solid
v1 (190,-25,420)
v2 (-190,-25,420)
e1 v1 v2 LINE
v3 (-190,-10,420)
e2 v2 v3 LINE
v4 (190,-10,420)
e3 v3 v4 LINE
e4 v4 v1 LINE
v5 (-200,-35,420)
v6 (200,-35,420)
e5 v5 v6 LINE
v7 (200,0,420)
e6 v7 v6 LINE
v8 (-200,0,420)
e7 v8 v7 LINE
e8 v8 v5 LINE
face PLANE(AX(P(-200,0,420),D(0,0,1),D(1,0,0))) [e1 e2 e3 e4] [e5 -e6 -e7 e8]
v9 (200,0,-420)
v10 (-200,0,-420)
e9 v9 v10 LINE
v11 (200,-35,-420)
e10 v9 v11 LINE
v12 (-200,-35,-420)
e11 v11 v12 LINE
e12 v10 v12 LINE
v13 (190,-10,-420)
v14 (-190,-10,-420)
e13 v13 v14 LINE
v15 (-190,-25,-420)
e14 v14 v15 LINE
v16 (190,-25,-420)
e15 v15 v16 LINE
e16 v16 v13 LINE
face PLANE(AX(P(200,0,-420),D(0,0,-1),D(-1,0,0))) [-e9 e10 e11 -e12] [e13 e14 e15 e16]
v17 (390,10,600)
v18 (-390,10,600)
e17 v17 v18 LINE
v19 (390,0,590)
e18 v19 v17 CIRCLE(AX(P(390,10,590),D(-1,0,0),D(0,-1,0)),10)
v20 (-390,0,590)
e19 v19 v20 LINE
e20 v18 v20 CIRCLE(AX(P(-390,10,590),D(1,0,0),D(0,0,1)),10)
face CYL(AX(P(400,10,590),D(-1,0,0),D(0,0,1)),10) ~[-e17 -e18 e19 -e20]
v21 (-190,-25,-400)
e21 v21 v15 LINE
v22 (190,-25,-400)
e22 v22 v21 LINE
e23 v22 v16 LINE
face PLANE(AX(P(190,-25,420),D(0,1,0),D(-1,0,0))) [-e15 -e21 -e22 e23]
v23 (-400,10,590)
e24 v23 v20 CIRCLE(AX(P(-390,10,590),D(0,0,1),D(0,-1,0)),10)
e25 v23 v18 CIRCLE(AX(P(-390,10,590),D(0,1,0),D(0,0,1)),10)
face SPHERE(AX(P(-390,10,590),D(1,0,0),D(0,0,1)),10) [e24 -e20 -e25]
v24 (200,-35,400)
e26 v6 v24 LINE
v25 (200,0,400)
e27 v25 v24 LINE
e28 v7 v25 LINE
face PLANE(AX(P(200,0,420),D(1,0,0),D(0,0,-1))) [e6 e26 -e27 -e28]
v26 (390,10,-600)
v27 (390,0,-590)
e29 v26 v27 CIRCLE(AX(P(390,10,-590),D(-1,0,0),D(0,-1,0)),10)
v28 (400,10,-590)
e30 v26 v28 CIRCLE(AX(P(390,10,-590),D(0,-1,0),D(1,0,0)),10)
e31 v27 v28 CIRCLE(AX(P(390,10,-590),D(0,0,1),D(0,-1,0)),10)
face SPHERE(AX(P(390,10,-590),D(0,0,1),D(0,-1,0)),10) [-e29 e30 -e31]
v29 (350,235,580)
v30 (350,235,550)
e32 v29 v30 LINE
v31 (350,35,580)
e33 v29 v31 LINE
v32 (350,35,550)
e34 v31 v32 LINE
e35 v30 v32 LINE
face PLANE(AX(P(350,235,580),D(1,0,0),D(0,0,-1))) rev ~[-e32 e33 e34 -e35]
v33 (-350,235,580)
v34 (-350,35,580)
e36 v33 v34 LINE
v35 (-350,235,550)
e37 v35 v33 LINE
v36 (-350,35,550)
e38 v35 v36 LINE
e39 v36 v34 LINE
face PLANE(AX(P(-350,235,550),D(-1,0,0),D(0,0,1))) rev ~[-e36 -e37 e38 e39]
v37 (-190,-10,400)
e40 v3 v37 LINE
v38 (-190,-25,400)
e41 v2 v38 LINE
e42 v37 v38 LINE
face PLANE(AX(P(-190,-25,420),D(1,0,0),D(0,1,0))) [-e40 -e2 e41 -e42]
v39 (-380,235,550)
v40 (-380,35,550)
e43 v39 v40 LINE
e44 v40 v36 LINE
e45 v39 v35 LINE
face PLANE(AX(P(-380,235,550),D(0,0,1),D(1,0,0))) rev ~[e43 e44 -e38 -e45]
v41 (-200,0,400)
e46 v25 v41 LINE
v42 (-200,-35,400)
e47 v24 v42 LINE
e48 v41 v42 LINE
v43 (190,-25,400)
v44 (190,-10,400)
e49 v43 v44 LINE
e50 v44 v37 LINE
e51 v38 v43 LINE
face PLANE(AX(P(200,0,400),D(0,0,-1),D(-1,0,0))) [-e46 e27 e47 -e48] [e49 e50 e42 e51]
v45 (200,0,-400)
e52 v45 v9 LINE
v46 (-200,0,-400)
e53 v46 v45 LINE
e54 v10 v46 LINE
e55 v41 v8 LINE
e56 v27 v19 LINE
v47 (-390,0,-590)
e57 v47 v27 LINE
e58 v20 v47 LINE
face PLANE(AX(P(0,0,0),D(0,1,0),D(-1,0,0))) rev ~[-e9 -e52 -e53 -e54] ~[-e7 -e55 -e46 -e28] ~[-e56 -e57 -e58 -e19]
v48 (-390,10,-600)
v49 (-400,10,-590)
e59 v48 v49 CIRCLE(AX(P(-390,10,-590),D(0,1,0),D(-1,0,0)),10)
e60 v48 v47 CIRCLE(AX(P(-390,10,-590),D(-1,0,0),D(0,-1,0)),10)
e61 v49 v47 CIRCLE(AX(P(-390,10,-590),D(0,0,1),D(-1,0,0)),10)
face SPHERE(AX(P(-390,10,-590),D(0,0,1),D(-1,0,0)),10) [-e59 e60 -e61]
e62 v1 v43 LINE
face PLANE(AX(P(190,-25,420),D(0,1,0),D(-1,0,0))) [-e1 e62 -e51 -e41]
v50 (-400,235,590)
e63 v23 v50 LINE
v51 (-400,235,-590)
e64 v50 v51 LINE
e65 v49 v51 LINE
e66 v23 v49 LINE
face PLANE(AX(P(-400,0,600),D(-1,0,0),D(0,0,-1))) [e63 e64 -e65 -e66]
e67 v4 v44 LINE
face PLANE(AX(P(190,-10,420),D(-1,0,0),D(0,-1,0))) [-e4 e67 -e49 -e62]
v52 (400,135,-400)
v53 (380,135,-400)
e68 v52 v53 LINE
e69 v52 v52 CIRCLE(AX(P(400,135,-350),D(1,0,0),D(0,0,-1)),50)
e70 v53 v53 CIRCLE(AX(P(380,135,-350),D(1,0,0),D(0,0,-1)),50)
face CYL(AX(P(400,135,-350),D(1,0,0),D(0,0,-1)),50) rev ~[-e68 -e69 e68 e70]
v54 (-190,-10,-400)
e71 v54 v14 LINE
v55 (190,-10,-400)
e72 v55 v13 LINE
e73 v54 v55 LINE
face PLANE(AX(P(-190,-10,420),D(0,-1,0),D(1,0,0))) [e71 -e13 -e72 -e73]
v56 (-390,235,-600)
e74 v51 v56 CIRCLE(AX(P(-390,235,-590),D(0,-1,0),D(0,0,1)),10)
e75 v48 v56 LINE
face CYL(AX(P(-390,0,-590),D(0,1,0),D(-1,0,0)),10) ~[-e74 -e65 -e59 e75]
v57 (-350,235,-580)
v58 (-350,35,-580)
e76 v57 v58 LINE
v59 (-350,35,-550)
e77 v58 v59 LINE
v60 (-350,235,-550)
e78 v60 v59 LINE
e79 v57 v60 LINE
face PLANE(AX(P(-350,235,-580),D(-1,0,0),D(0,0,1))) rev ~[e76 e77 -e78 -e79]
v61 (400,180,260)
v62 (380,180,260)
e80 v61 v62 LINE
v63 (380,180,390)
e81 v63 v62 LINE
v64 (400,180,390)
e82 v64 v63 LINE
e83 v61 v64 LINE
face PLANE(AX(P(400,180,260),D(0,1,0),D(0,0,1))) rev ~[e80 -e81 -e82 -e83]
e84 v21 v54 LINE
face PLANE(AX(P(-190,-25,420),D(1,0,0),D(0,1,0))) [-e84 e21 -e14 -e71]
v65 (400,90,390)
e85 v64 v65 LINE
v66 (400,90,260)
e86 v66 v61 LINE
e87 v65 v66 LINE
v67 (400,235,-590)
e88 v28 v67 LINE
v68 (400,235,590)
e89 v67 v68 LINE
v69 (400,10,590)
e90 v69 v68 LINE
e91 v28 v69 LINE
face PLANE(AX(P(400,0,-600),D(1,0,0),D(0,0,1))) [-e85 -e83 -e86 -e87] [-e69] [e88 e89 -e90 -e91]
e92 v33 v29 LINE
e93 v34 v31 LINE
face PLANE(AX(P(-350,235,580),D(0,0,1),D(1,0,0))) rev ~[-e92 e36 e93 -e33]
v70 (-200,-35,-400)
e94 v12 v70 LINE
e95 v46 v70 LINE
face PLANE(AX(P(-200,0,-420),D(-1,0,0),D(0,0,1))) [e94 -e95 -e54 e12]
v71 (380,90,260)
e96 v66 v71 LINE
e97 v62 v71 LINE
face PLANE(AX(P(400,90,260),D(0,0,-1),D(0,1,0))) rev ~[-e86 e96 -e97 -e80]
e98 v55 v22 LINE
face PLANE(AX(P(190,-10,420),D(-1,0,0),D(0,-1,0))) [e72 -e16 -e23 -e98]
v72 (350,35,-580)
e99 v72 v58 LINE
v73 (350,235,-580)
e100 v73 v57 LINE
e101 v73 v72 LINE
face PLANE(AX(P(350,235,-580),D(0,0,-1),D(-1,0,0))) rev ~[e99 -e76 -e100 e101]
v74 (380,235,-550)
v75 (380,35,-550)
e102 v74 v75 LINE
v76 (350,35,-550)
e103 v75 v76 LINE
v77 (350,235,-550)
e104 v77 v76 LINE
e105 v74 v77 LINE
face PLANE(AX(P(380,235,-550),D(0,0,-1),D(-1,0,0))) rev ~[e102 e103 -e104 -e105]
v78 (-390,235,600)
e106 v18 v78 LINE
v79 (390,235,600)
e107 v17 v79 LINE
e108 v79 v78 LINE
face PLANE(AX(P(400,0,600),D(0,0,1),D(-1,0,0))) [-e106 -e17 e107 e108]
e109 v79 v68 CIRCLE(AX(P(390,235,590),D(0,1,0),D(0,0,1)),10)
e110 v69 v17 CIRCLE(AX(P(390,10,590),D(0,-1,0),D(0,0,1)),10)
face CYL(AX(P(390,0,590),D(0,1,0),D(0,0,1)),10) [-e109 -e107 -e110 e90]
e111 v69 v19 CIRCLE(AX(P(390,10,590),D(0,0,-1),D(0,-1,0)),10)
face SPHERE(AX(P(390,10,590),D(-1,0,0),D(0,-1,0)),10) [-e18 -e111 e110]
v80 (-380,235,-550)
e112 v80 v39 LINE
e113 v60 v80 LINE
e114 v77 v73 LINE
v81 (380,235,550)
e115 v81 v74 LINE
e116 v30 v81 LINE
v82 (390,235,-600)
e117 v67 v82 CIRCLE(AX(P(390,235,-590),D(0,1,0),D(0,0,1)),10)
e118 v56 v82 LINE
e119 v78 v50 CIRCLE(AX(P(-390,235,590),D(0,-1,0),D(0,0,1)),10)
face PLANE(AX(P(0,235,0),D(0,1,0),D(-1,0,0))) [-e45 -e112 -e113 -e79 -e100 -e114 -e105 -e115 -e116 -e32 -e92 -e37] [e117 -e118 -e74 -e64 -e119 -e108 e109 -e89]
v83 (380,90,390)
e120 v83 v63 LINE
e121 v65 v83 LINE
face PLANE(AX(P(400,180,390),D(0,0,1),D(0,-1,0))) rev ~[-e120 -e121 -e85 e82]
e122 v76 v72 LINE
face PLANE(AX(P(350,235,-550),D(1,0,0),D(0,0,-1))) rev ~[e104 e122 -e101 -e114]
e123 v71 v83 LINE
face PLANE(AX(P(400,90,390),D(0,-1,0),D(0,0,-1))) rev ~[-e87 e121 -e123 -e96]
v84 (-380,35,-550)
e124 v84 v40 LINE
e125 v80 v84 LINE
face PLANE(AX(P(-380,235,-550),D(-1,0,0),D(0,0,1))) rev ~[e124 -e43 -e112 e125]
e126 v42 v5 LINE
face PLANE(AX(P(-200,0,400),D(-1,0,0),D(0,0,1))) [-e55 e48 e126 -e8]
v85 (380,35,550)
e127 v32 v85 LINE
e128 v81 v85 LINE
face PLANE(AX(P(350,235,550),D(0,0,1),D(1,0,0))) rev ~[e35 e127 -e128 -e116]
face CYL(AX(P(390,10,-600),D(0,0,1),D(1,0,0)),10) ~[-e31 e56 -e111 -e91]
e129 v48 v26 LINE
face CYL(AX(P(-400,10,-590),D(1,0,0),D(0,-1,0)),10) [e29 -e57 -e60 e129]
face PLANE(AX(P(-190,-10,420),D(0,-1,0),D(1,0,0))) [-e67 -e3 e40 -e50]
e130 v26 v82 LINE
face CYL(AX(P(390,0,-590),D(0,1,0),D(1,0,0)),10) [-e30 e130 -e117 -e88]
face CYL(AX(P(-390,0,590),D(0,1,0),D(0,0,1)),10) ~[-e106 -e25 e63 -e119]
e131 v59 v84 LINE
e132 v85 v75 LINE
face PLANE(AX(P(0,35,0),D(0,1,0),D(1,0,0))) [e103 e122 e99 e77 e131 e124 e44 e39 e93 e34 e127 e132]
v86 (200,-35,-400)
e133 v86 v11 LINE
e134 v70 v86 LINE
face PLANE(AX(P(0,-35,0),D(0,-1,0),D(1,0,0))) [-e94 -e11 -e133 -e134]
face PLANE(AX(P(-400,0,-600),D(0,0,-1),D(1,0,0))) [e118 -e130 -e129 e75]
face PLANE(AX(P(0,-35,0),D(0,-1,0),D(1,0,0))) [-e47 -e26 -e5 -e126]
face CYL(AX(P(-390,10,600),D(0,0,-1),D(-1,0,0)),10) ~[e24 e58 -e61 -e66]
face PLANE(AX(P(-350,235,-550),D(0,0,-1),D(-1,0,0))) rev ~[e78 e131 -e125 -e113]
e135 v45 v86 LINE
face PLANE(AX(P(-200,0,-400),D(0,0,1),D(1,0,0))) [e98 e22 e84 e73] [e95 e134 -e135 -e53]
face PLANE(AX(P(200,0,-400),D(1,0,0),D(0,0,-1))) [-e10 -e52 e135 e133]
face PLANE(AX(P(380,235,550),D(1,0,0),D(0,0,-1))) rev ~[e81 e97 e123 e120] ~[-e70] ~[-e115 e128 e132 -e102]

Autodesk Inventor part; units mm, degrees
ref_plane "YZ Plane" through (0, 0, 0) normal (1, 0, 0) x (0, 1, 0)
ref_plane "XZ Plane" through (0, 0, 0) normal (0, 1, 0) x (-1, 0, 0)
ref_plane "XY Plane" through (0, 0, 0) normal (0, 0, 1) x (1, 0, 0)
sketch "Sketch1" plane through (0, 0, 0) normal (0, 1, 0) x (-1, 0, 0)
  line L0 (-400, 600) -> (400, 600)
  line L1 (400, 600) -> (400, -600)
  line L2 (400, -600) -> (-400, -600)
  line L3 (-400, -600) -> (-400, 600)
  line L4 (-400, 600) -> (400, -600) construction
  line L5 (400, 600) -> (-400, -600) construction
  point P0 (0, 0)
  dimension "d0" = 800
  dimension "d1" = 1200
extrude "Extrusion1" add sketch "Sketch1" along normal blind 235
sketch "Sketch2" plane through (0, 0, 0) normal (0, -1, 0) x (1, 0, 0)
  line L0 (200, 400) -> (-200, 400)
  line L1 (-200, 400) -> (-200, 420)
  line L2 (-200, 420) -> (200, 420)
  line L3 (200, 420) -> (200, 400)
  line L4 (200, 400) -> (-200, 420) construction
  line L5 (-200, 400) -> (200, 420) construction
  line L6 (200, -420) -> (-200, -420)
  line L7 (-200, -420) -> (-200, -400)
  line L8 (-200, -400) -> (200, -400)
  line L9 (200, -400) -> (200, -420)
  line L10 (200, -420) -> (-200, -400) construction
  line L11 (-200, -420) -> (200, -400) construction
  line L12 (400, -600) -> (-400, -600) projected
  line L13 (400, 600) -> (400, -600) projected
  point P0 (0, 0)
  point P1 (0, 410)
  point P2 (0, -410)
  dimension "d4" = 400
  dimension "d5" = 20
  dimension "d6" = 400
  dimension "d7" = 20
  dimension "d9" = 800
  dimension "d10" = 180
  dimension "d11" = 200
  dimension "d12" = 200
extrude "Extrusion2" add sketch "Sketch2" along normal blind 35
sketch "Sketch3" plane through (-200, 0, 420) normal (0, 0, 1) x (1, 0, 0)
  line L0 (10, -10) -> (390, -10)
  line L1 (390, -10) -> (390, -25)
  line L2 (390, -25) -> (10, -25)
  line L3 (10, -25) -> (10, -10)
  line L4 (10, -10) -> (390, -25) construction
  line L5 (390, -10) -> (10, -25) construction
  line L6 (400, -35) -> (0, -35) projected
  line L7 (400, 0) -> (400, -35) projected
  point P0 (200, 0)
  point P1 (200, -17.5)
  dimension "d15" = 380
  dimension "d16" = 15
  dimension "d17" = 10
  dimension "d18" = 10
extrude "Extrusion3" cut sketch "Sketch3" against normal blind 1000
fillet "Fillet1" radius 10 8 edges at (0, 0, 600) (400, 0, 0) (400, 117.5, 600) (-400, 117.5, 600) (-400, 0, 0) (-400, 117.5, -600) (0, 0, -600) (400, 117.5, -600)
sketch "Sketch8" plane through (400, 10, 590) normal (1, 0, 0) x (0, 0, -1)
  line L0 (940, 225) -> (940, 25) construction
  circle A0 centre (940, 125) radius 50
  line L1 (0, 225) -> (1180, 225) projected
  line L2 (0, -10) -> (1180, -10) projected
  line L3 (1190, 0) -> (1190, 225) projected
  line L4 (200, 80) -> (330, 80)
  line L5 (330, 80) -> (330, 170)
  line L6 (330, 170) -> (200, 170)
  line L7 (200, 170) -> (200, 80)
  line L8 (200, 80) -> (330, 170) construction
  line L9 (330, 80) -> (200, 170) construction
  line L10 (940, 125) -> (0, 125) construction
  line L11 (0, 0) -> (0, 225) projected
  point P0 (590, -10)
  point P1 (265, 125)
  point P2 (265, 125)
  dimension "d39" = 100
  dimension "d40" = 35
  dimension "d41" = 250
  dimension "d44" = 130
  dimension "d45" = 90
  dimension "d46" = 200
extrude "Extrusion7" cut sketch "Sketch8" against normal blind 50
sketch "Sketch9" plane through (0, 235, 0) normal (0, 1, 0) x (1, 0, 0)
  line L0 (-380, -550) -> (380, -550)
  line L1 (380, -550) -> (380, 550)
  line L2 (380, 550) -> (-380, 550)
  line L3 (-380, 550) -> (-380, -550)
  line L4 (-380, -550) -> (380, 550) construction
  line L5 (380, -550) -> (-380, 550) construction
  line L6 (400, -590) -> (400, 590) projected
  line L7 (390, 600) -> (-390, 600) projected
  line L8 (-350, -580) -> (350, -580)
  line L9 (350, -580) -> (350, 580)
  line L10 (350, 580) -> (-350, 580)
  line L11 (-350, 580) -> (-350, -580)
  line L12 (-350, -580) -> (350, 580) construction
  line L13 (350, -580) -> (-350, 580) construction
  point P0 (0, 0)
  point P1 (-350, -550)
  point P2 (350, -550)
  point P3 (350, 550)
  point P4 (-350, 550)
  dimension "d47" = 20
  dimension "d48" = 50
  dimension "d49" = 50
  dimension "d50" = 20
extrude "Extrusion8" cut sketch "Sketch9" against normal blind 200
properties part number "señales_carcasa_x10"
